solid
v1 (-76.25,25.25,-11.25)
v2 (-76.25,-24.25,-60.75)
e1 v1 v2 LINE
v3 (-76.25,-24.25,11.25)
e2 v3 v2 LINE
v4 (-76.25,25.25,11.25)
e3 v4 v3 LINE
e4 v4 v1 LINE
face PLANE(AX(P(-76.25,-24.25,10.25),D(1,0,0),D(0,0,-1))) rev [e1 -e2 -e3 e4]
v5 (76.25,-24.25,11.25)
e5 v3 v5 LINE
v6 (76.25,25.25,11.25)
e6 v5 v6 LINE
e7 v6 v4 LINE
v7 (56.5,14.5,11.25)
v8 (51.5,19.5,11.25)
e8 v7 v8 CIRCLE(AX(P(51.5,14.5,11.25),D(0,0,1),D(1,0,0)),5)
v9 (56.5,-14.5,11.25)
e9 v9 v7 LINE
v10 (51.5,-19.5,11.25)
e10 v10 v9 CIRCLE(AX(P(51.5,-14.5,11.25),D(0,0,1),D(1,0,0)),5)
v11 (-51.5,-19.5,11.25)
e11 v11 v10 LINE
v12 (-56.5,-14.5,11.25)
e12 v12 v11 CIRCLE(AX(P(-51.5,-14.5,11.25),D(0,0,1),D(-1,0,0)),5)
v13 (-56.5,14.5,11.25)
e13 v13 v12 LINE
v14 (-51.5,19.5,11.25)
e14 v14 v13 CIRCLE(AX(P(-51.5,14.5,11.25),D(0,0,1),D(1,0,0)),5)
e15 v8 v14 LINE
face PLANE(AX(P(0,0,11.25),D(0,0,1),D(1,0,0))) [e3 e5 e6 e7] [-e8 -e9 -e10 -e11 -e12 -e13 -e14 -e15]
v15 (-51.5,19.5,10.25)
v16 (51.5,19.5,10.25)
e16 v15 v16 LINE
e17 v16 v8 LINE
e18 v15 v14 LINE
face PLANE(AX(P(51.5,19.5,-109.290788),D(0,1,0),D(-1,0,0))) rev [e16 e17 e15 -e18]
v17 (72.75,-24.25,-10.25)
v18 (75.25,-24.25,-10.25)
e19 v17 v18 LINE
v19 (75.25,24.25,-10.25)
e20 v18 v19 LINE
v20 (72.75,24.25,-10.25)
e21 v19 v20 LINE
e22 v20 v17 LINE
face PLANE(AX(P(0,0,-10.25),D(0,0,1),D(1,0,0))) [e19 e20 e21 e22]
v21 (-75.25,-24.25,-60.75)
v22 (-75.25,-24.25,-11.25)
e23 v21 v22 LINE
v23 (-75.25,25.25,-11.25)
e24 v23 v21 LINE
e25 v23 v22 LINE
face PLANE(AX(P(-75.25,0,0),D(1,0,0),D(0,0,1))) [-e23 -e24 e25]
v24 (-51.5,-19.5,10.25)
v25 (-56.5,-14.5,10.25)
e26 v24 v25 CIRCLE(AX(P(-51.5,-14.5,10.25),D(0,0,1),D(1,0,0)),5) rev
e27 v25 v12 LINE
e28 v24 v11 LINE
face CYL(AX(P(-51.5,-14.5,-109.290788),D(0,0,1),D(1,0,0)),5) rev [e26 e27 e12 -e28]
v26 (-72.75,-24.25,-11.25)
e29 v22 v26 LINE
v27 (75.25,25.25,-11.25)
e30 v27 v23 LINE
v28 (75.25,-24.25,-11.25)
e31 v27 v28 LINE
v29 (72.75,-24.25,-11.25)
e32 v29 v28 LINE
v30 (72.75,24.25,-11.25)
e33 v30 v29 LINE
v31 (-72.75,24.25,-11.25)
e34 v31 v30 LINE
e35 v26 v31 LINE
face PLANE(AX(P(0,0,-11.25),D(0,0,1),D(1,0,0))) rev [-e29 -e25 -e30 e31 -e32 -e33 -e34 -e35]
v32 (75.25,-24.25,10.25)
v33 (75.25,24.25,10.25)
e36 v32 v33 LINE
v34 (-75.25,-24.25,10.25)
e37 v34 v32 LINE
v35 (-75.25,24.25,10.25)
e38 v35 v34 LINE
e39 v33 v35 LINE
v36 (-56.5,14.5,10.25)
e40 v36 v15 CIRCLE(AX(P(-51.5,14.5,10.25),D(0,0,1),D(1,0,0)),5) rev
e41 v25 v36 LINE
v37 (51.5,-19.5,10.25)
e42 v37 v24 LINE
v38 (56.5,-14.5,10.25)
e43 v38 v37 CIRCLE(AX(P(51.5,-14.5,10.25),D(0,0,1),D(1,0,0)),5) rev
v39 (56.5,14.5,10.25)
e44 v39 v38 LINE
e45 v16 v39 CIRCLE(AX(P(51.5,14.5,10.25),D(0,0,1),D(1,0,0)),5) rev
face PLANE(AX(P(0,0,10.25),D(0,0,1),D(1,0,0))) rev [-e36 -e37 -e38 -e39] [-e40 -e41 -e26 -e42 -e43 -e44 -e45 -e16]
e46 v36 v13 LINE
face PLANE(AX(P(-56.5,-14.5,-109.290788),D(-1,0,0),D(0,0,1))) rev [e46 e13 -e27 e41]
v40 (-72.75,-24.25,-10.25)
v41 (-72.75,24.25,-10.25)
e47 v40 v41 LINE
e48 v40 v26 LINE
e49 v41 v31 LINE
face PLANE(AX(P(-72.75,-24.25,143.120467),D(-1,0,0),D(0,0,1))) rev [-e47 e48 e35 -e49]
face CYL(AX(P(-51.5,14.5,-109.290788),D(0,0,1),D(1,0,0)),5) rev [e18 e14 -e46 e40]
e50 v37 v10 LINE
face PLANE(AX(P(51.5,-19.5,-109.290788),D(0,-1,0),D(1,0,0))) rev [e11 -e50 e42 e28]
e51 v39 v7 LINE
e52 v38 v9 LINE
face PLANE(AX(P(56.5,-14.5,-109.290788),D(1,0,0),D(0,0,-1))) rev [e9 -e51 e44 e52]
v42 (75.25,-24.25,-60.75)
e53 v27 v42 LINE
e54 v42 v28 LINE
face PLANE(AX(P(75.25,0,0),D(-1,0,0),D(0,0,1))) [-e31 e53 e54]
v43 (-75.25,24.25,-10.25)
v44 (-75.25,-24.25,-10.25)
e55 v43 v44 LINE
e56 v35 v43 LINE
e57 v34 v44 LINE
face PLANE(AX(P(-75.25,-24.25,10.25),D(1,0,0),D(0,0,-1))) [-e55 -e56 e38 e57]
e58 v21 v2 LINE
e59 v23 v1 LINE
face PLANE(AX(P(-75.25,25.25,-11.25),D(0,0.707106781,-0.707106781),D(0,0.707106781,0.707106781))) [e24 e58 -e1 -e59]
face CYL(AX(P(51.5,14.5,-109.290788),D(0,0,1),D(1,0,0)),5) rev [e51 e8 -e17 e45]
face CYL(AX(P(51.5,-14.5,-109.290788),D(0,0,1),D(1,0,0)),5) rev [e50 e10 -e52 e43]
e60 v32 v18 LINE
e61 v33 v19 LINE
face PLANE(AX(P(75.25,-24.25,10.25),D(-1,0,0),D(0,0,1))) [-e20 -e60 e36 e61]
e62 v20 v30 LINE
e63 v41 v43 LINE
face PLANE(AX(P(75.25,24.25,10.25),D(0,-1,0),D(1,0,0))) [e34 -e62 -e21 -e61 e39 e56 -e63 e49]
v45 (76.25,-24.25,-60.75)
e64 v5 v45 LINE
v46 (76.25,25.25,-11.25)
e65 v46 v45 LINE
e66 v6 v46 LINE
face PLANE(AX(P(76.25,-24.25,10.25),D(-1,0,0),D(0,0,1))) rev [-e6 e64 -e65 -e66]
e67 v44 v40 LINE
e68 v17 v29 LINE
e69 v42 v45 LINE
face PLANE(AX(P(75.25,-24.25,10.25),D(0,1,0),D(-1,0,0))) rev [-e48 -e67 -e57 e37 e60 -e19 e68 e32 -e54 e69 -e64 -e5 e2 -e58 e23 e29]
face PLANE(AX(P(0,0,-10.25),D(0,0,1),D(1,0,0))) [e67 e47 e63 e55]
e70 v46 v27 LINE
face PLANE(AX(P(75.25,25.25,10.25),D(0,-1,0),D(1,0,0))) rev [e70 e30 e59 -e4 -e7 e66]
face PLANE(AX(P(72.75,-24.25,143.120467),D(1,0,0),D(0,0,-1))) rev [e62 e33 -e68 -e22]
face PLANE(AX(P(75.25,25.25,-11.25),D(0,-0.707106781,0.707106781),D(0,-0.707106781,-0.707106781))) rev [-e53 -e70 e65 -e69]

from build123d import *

# Parameters (mm, degrees)
SKETCH1_W           = 150.5
SKETCH1_H           = 48.5
BOSS_EXTRUDE1_DEPTH = 10.25
SHELL1_T            = 1
SKETCH2_W           = 145.5
SKETCH2_H           = 48.5
CUT_EXTRUDE1_DEPTH  = 1
CUT_EXTRUDE2_DEPTH  = 1
BOSS_EXTRUDE2_DEPTH = 1


with BuildPart() as part:
    # Sketch1 → Boss-Extrude1 (new, symmetric)
    with BuildSketch(Plane.XY):
        Rectangle(SKETCH1_W, SKETCH1_H)
    extrude(amount=BOSS_EXTRUDE1_DEPTH, both=True)

    # Shell1
    shell1_openings = [part.faces().sort_by_distance(p)[0] for p in [
        (0, -24.25, 0),
    ]]
    offset(amount=SHELL1_T, openings=shell1_openings, kind=Kind.INTERSECTION)

    # Sketch2 → Cut-Extrude1 (cut)
    with BuildSketch(Plane(origin=(0, 0, -11.25), x_dir=(-1, 0, 0), z_dir=(0, 0, -1))):
        Rectangle(SKETCH2_W, SKETCH2_H)
    extrude(amount=-CUT_EXTRUDE1_DEPTH, mode=Mode.SUBTRACT)

    # Sketch3 → Cut-Extrude2 (cut)
    with BuildSketch(Plane.XY.offset(11.25)):
        with BuildLine():
            Line((51.5, -19.5), (-51.5, -19.5))
            ThreePointArc((-51.5, -19.5), (-55.035533906, -18.035533906), (-56.5, -14.5))
            Line((-56.5, -14.5), (-56.5, 14.5))
            ThreePointArc((-56.5, 14.5), (-55.035533906, 18.035533906), (-51.5, 19.5))
            Line((-51.5, 19.5), (51.5, 19.5))
            ThreePointArc((51.5, 19.5), (55.035533906, 18.035533906), (56.5, 14.5))
            Line((56.5, 14.5), (56.5, -14.5))
            ThreePointArc((56.5, -14.5), (55.035533906, -18.035533906), (51.5, -19.5))
        make_face()
    extrude(amount=-CUT_EXTRUDE2_DEPTH, mode=Mode.SUBTRACT)

    # Sketch4 → Boss-Extrude2 (add)
    with BuildSketch(Plane(origin=(76.25, 0, 0), x_dir=(0, 0, -1), z_dir=(1, 0, 0))):
        Polygon((11.25, 25.25), (60.75, -24.25), (11.25, -24.25), align=None)
    boss_extrude2 = extrude(amount=-BOSS_EXTRUDE2_DEPTH)

    # Mirror1: Boss-Extrude2 across plane
    add(boss_extrude2.mirror(Plane(origin=(0, 0, 0), x_dir=(0, 0, 1), z_dir=(1, 0, 0))))


solid = part.part
